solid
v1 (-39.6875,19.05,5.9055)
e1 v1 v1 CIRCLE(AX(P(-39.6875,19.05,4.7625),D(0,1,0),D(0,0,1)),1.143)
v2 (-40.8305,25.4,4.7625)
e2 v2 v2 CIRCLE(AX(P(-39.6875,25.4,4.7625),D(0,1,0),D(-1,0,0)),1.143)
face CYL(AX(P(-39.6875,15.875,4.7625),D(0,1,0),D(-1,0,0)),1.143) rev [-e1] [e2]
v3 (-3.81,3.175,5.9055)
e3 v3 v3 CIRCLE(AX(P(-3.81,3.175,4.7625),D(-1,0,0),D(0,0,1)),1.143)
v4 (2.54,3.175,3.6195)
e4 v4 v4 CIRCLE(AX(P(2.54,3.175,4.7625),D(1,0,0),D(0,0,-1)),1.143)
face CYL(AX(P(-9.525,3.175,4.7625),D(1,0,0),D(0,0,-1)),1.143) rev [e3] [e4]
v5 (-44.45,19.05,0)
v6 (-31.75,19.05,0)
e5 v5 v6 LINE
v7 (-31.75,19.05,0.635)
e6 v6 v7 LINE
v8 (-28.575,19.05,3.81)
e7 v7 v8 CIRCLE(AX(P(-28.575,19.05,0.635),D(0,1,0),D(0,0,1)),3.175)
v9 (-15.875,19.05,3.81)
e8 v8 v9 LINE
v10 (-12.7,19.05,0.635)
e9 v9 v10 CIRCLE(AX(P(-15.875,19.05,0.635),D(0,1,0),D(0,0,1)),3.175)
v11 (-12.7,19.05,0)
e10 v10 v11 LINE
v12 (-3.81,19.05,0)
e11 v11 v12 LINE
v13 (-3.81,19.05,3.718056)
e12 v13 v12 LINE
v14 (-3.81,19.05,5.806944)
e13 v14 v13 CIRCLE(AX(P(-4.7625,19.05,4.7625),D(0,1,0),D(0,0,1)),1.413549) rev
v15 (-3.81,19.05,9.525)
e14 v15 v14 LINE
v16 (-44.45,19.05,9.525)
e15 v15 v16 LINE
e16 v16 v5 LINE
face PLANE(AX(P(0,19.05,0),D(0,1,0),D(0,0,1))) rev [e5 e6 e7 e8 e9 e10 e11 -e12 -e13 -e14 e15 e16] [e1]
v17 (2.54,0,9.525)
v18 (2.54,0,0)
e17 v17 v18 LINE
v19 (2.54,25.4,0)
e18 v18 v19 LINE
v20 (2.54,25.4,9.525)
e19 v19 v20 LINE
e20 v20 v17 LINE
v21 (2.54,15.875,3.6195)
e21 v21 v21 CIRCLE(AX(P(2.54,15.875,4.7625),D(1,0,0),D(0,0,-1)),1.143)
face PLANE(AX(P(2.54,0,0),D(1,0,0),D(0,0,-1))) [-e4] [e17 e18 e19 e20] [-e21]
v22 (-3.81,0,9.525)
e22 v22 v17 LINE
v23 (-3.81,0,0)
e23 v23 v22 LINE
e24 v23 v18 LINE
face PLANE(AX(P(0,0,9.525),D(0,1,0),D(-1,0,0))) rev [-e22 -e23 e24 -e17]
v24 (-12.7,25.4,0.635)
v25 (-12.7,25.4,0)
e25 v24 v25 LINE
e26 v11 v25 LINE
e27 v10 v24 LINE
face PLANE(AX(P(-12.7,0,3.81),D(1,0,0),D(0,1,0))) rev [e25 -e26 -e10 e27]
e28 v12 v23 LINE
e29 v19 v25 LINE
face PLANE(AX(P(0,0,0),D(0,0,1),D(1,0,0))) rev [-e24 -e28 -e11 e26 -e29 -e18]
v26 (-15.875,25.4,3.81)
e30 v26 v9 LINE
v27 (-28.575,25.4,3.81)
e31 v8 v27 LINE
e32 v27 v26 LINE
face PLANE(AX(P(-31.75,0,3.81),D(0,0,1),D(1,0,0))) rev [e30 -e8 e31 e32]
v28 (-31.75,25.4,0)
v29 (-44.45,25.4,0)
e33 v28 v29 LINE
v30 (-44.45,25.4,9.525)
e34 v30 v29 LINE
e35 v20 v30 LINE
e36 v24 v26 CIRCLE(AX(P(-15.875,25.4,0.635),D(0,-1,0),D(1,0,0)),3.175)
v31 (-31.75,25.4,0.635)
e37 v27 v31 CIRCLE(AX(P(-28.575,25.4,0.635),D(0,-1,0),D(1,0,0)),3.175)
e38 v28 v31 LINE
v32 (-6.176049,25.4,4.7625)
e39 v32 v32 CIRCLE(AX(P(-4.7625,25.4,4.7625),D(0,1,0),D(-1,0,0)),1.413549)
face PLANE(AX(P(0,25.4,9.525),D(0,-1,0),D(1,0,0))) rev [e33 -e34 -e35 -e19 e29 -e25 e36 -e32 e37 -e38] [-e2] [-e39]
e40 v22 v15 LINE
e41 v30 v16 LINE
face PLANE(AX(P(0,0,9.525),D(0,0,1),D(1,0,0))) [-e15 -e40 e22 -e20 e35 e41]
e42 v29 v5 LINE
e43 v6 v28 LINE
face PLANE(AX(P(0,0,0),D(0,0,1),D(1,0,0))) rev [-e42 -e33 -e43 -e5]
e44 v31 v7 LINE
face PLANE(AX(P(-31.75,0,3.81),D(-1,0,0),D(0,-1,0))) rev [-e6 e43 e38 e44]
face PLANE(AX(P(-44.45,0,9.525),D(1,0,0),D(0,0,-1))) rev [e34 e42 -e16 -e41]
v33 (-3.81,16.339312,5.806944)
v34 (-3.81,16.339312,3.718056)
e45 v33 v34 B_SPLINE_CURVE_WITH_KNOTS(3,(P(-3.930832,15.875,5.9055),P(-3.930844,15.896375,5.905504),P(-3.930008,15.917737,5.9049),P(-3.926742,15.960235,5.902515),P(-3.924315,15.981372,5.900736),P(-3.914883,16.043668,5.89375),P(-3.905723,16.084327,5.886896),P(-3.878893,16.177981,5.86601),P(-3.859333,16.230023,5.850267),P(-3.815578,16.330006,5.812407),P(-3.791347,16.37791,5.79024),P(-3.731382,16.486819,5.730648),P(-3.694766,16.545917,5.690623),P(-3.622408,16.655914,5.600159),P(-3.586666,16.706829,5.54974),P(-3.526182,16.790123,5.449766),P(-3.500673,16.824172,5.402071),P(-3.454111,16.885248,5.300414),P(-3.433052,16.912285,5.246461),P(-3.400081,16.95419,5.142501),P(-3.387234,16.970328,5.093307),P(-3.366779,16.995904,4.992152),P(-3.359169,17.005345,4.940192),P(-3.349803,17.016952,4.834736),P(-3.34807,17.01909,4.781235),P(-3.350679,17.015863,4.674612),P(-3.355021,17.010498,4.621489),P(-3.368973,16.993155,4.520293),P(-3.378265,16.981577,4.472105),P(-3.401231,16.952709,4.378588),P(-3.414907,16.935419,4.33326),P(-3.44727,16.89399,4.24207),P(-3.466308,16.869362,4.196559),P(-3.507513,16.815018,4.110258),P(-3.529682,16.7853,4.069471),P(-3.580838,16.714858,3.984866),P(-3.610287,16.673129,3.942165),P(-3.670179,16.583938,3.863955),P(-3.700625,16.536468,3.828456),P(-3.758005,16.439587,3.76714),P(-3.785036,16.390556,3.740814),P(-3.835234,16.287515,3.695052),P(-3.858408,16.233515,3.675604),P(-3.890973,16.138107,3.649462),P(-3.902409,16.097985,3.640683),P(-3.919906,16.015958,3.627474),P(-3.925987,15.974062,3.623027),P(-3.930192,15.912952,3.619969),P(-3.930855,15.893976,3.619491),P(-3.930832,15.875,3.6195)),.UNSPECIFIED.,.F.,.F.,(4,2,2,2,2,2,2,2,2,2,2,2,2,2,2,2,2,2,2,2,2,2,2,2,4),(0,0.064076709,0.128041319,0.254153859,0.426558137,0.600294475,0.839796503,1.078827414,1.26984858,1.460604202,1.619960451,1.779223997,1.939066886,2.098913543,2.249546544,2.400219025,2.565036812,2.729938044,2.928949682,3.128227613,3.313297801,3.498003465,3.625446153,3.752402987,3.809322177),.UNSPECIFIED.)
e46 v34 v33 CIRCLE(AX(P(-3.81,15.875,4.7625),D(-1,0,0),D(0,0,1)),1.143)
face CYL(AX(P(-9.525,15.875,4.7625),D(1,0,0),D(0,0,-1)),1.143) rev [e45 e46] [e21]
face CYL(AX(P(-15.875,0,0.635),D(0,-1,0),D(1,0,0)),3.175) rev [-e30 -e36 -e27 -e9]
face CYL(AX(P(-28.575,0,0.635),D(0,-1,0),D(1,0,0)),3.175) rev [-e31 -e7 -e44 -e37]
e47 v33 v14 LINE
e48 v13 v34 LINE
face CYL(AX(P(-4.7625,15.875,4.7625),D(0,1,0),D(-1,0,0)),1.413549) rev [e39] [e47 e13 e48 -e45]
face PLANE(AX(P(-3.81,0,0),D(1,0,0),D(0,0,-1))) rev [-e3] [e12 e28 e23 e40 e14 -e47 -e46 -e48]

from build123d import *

# Parameters (mm, degrees)
SKETCH3_W           = 44.45
SKETCH3_H           = 25.4
BOSS_EXTRUDE2_DEPTH = 9.525
SKETCH4_W           = 34.925
SKETCH4_H           = 15.875
CUT_EXTRUDE1_DEPTH  = 10.525
SKETCH5_R           = 1.143
CUT_EXTRUDE2_DEPTH  = 9.525
SKETCH6_W           = 34.925
SKETCH6_H           = 9.525
CUT_EXTRUDE3_DEPTH  = 3.175
SKETCH7_W           = 19.05
SKETCH7_H           = 3.81
CUT_EXTRUDE4_DEPTH  = 26.4
FILLET1_R           = 3.175
SKETCH8_R           = 1.143
SKETCH8_R_2         = 1.41354867
CUT_EXTRUDE5_DEPTH  = 9.525
SKETCH9_W           = 9.525
SKETCH9_H           = 25.4
SKETCH9_R           = 1.143
BOSS_EXTRUDE3_DEPTH = 2.54
SKETCH10_W          = 9.525
SKETCH10_H          = 19.05
SKETCH10_R          = 1.143
CUT_EXTRUDE6_DEPTH  = 5.715


with BuildPart() as part:
    # Sketch3 → Boss-Extrude2 (new body)
    with BuildSketch(Plane.XY):
        with Locations((-22.225, 12.7)):
            Rectangle(SKETCH3_W, SKETCH3_H)
    extrude(amount=BOSS_EXTRUDE2_DEPTH)

    # Sketch4 → Cut-Extrude1 (cut, through all)
    with BuildSketch(Plane.XY.offset(9.525)):
        with Locations((-26.9875, 7.9375)):
            Rectangle(SKETCH4_W, SKETCH4_H)
    extrude(amount=-CUT_EXTRUDE1_DEPTH, mode=Mode.SUBTRACT)

    # Sketch5 → Cut-Extrude2 (cut)
    with BuildSketch(Plane(origin=(0, 0, 0), x_dir=(0, 0, -1), z_dir=(1, 0, 0))):
        with Locations((-4.7625, 3.175)):
            Circle(SKETCH5_R)
        with Locations((-4.7625, 15.875)):
            Circle(SKETCH5_R)
    extrude(amount=-CUT_EXTRUDE2_DEPTH, mode=Mode.SUBTRACT)

    # Sketch6 → Cut-Extrude3 (cut)
    with BuildSketch(Plane.XZ.offset(-15.875)):
        with Locations((-26.9875, 4.7625)):
            Rectangle(SKETCH6_W, SKETCH6_H)
    extrude(amount=-CUT_EXTRUDE3_DEPTH, mode=Mode.SUBTRACT)

    # Sketch7 → Cut-Extrude4 (cut, through all)
    with BuildSketch(Plane(origin=(0, 25.4, 0), x_dir=(1, 0, 0), z_dir=(0, 1, 0))):
        with Locations((-22.225, -1.905)):
            Rectangle(SKETCH7_W, SKETCH7_H)
    extrude(amount=-CUT_EXTRUDE4_DEPTH, mode=Mode.SUBTRACT)

    # Fillet1
    fillet1_edges = [part.edges().sort_by_distance(p)[0] for p in [
        (-12.7, 22.225, 3.81),
        (-31.75, 22.225, 3.81),
    ]]
    fillet(fillet1_edges, radius=FILLET1_R)

    # Sketch8 → Cut-Extrude5 (cut)
    with BuildSketch(Plane(origin=(0, 25.4, 0), x_dir=(1, 0, 0), z_dir=(0, 1, 0))):
        with Locations((-39.6875, -4.7625)):
            Circle(SKETCH8_R)
        with Locations((-4.7625, -4.7625)):
            Circle(SKETCH8_R_2)
    extrude(amount=-CUT_EXTRUDE5_DEPTH, mode=Mode.SUBTRACT)

    # Sketch9 → Boss-Extrude3 (add)
    with BuildSketch(Plane(origin=(0, 0, 0), x_dir=(0, 0, -1), z_dir=(1, 0, 0))):
        with Locations((-4.7625, 12.7)):
            Rectangle(SKETCH9_W, SKETCH9_H)
        with Locations((-4.7625, 15.875)):
            Circle(SKETCH9_R, mode=Mode.SUBTRACT)
        with Locations((-4.7625, 3.175)):
            Circle(SKETCH9_R, mode=Mode.SUBTRACT)
    extrude(amount=BOSS_EXTRUDE3_DEPTH)

    # Sketch10 → Cut-Extrude6 (cut)
    with BuildSketch(Plane.ZY.offset(9.525)):
        with Locations((4.7625, 9.525)):
            Rectangle(SKETCH10_W, SKETCH10_H)
        with Locations((4.7625, 15.875)):
            Circle(SKETCH10_R, mode=Mode.SUBTRACT)
        with Locations((4.7625, 3.175)):
            Circle(SKETCH10_R, mode=Mode.SUBTRACT)
    extrude(amount=-CUT_EXTRUDE6_DEPTH, mode=Mode.SUBTRACT)


solid = part.part
